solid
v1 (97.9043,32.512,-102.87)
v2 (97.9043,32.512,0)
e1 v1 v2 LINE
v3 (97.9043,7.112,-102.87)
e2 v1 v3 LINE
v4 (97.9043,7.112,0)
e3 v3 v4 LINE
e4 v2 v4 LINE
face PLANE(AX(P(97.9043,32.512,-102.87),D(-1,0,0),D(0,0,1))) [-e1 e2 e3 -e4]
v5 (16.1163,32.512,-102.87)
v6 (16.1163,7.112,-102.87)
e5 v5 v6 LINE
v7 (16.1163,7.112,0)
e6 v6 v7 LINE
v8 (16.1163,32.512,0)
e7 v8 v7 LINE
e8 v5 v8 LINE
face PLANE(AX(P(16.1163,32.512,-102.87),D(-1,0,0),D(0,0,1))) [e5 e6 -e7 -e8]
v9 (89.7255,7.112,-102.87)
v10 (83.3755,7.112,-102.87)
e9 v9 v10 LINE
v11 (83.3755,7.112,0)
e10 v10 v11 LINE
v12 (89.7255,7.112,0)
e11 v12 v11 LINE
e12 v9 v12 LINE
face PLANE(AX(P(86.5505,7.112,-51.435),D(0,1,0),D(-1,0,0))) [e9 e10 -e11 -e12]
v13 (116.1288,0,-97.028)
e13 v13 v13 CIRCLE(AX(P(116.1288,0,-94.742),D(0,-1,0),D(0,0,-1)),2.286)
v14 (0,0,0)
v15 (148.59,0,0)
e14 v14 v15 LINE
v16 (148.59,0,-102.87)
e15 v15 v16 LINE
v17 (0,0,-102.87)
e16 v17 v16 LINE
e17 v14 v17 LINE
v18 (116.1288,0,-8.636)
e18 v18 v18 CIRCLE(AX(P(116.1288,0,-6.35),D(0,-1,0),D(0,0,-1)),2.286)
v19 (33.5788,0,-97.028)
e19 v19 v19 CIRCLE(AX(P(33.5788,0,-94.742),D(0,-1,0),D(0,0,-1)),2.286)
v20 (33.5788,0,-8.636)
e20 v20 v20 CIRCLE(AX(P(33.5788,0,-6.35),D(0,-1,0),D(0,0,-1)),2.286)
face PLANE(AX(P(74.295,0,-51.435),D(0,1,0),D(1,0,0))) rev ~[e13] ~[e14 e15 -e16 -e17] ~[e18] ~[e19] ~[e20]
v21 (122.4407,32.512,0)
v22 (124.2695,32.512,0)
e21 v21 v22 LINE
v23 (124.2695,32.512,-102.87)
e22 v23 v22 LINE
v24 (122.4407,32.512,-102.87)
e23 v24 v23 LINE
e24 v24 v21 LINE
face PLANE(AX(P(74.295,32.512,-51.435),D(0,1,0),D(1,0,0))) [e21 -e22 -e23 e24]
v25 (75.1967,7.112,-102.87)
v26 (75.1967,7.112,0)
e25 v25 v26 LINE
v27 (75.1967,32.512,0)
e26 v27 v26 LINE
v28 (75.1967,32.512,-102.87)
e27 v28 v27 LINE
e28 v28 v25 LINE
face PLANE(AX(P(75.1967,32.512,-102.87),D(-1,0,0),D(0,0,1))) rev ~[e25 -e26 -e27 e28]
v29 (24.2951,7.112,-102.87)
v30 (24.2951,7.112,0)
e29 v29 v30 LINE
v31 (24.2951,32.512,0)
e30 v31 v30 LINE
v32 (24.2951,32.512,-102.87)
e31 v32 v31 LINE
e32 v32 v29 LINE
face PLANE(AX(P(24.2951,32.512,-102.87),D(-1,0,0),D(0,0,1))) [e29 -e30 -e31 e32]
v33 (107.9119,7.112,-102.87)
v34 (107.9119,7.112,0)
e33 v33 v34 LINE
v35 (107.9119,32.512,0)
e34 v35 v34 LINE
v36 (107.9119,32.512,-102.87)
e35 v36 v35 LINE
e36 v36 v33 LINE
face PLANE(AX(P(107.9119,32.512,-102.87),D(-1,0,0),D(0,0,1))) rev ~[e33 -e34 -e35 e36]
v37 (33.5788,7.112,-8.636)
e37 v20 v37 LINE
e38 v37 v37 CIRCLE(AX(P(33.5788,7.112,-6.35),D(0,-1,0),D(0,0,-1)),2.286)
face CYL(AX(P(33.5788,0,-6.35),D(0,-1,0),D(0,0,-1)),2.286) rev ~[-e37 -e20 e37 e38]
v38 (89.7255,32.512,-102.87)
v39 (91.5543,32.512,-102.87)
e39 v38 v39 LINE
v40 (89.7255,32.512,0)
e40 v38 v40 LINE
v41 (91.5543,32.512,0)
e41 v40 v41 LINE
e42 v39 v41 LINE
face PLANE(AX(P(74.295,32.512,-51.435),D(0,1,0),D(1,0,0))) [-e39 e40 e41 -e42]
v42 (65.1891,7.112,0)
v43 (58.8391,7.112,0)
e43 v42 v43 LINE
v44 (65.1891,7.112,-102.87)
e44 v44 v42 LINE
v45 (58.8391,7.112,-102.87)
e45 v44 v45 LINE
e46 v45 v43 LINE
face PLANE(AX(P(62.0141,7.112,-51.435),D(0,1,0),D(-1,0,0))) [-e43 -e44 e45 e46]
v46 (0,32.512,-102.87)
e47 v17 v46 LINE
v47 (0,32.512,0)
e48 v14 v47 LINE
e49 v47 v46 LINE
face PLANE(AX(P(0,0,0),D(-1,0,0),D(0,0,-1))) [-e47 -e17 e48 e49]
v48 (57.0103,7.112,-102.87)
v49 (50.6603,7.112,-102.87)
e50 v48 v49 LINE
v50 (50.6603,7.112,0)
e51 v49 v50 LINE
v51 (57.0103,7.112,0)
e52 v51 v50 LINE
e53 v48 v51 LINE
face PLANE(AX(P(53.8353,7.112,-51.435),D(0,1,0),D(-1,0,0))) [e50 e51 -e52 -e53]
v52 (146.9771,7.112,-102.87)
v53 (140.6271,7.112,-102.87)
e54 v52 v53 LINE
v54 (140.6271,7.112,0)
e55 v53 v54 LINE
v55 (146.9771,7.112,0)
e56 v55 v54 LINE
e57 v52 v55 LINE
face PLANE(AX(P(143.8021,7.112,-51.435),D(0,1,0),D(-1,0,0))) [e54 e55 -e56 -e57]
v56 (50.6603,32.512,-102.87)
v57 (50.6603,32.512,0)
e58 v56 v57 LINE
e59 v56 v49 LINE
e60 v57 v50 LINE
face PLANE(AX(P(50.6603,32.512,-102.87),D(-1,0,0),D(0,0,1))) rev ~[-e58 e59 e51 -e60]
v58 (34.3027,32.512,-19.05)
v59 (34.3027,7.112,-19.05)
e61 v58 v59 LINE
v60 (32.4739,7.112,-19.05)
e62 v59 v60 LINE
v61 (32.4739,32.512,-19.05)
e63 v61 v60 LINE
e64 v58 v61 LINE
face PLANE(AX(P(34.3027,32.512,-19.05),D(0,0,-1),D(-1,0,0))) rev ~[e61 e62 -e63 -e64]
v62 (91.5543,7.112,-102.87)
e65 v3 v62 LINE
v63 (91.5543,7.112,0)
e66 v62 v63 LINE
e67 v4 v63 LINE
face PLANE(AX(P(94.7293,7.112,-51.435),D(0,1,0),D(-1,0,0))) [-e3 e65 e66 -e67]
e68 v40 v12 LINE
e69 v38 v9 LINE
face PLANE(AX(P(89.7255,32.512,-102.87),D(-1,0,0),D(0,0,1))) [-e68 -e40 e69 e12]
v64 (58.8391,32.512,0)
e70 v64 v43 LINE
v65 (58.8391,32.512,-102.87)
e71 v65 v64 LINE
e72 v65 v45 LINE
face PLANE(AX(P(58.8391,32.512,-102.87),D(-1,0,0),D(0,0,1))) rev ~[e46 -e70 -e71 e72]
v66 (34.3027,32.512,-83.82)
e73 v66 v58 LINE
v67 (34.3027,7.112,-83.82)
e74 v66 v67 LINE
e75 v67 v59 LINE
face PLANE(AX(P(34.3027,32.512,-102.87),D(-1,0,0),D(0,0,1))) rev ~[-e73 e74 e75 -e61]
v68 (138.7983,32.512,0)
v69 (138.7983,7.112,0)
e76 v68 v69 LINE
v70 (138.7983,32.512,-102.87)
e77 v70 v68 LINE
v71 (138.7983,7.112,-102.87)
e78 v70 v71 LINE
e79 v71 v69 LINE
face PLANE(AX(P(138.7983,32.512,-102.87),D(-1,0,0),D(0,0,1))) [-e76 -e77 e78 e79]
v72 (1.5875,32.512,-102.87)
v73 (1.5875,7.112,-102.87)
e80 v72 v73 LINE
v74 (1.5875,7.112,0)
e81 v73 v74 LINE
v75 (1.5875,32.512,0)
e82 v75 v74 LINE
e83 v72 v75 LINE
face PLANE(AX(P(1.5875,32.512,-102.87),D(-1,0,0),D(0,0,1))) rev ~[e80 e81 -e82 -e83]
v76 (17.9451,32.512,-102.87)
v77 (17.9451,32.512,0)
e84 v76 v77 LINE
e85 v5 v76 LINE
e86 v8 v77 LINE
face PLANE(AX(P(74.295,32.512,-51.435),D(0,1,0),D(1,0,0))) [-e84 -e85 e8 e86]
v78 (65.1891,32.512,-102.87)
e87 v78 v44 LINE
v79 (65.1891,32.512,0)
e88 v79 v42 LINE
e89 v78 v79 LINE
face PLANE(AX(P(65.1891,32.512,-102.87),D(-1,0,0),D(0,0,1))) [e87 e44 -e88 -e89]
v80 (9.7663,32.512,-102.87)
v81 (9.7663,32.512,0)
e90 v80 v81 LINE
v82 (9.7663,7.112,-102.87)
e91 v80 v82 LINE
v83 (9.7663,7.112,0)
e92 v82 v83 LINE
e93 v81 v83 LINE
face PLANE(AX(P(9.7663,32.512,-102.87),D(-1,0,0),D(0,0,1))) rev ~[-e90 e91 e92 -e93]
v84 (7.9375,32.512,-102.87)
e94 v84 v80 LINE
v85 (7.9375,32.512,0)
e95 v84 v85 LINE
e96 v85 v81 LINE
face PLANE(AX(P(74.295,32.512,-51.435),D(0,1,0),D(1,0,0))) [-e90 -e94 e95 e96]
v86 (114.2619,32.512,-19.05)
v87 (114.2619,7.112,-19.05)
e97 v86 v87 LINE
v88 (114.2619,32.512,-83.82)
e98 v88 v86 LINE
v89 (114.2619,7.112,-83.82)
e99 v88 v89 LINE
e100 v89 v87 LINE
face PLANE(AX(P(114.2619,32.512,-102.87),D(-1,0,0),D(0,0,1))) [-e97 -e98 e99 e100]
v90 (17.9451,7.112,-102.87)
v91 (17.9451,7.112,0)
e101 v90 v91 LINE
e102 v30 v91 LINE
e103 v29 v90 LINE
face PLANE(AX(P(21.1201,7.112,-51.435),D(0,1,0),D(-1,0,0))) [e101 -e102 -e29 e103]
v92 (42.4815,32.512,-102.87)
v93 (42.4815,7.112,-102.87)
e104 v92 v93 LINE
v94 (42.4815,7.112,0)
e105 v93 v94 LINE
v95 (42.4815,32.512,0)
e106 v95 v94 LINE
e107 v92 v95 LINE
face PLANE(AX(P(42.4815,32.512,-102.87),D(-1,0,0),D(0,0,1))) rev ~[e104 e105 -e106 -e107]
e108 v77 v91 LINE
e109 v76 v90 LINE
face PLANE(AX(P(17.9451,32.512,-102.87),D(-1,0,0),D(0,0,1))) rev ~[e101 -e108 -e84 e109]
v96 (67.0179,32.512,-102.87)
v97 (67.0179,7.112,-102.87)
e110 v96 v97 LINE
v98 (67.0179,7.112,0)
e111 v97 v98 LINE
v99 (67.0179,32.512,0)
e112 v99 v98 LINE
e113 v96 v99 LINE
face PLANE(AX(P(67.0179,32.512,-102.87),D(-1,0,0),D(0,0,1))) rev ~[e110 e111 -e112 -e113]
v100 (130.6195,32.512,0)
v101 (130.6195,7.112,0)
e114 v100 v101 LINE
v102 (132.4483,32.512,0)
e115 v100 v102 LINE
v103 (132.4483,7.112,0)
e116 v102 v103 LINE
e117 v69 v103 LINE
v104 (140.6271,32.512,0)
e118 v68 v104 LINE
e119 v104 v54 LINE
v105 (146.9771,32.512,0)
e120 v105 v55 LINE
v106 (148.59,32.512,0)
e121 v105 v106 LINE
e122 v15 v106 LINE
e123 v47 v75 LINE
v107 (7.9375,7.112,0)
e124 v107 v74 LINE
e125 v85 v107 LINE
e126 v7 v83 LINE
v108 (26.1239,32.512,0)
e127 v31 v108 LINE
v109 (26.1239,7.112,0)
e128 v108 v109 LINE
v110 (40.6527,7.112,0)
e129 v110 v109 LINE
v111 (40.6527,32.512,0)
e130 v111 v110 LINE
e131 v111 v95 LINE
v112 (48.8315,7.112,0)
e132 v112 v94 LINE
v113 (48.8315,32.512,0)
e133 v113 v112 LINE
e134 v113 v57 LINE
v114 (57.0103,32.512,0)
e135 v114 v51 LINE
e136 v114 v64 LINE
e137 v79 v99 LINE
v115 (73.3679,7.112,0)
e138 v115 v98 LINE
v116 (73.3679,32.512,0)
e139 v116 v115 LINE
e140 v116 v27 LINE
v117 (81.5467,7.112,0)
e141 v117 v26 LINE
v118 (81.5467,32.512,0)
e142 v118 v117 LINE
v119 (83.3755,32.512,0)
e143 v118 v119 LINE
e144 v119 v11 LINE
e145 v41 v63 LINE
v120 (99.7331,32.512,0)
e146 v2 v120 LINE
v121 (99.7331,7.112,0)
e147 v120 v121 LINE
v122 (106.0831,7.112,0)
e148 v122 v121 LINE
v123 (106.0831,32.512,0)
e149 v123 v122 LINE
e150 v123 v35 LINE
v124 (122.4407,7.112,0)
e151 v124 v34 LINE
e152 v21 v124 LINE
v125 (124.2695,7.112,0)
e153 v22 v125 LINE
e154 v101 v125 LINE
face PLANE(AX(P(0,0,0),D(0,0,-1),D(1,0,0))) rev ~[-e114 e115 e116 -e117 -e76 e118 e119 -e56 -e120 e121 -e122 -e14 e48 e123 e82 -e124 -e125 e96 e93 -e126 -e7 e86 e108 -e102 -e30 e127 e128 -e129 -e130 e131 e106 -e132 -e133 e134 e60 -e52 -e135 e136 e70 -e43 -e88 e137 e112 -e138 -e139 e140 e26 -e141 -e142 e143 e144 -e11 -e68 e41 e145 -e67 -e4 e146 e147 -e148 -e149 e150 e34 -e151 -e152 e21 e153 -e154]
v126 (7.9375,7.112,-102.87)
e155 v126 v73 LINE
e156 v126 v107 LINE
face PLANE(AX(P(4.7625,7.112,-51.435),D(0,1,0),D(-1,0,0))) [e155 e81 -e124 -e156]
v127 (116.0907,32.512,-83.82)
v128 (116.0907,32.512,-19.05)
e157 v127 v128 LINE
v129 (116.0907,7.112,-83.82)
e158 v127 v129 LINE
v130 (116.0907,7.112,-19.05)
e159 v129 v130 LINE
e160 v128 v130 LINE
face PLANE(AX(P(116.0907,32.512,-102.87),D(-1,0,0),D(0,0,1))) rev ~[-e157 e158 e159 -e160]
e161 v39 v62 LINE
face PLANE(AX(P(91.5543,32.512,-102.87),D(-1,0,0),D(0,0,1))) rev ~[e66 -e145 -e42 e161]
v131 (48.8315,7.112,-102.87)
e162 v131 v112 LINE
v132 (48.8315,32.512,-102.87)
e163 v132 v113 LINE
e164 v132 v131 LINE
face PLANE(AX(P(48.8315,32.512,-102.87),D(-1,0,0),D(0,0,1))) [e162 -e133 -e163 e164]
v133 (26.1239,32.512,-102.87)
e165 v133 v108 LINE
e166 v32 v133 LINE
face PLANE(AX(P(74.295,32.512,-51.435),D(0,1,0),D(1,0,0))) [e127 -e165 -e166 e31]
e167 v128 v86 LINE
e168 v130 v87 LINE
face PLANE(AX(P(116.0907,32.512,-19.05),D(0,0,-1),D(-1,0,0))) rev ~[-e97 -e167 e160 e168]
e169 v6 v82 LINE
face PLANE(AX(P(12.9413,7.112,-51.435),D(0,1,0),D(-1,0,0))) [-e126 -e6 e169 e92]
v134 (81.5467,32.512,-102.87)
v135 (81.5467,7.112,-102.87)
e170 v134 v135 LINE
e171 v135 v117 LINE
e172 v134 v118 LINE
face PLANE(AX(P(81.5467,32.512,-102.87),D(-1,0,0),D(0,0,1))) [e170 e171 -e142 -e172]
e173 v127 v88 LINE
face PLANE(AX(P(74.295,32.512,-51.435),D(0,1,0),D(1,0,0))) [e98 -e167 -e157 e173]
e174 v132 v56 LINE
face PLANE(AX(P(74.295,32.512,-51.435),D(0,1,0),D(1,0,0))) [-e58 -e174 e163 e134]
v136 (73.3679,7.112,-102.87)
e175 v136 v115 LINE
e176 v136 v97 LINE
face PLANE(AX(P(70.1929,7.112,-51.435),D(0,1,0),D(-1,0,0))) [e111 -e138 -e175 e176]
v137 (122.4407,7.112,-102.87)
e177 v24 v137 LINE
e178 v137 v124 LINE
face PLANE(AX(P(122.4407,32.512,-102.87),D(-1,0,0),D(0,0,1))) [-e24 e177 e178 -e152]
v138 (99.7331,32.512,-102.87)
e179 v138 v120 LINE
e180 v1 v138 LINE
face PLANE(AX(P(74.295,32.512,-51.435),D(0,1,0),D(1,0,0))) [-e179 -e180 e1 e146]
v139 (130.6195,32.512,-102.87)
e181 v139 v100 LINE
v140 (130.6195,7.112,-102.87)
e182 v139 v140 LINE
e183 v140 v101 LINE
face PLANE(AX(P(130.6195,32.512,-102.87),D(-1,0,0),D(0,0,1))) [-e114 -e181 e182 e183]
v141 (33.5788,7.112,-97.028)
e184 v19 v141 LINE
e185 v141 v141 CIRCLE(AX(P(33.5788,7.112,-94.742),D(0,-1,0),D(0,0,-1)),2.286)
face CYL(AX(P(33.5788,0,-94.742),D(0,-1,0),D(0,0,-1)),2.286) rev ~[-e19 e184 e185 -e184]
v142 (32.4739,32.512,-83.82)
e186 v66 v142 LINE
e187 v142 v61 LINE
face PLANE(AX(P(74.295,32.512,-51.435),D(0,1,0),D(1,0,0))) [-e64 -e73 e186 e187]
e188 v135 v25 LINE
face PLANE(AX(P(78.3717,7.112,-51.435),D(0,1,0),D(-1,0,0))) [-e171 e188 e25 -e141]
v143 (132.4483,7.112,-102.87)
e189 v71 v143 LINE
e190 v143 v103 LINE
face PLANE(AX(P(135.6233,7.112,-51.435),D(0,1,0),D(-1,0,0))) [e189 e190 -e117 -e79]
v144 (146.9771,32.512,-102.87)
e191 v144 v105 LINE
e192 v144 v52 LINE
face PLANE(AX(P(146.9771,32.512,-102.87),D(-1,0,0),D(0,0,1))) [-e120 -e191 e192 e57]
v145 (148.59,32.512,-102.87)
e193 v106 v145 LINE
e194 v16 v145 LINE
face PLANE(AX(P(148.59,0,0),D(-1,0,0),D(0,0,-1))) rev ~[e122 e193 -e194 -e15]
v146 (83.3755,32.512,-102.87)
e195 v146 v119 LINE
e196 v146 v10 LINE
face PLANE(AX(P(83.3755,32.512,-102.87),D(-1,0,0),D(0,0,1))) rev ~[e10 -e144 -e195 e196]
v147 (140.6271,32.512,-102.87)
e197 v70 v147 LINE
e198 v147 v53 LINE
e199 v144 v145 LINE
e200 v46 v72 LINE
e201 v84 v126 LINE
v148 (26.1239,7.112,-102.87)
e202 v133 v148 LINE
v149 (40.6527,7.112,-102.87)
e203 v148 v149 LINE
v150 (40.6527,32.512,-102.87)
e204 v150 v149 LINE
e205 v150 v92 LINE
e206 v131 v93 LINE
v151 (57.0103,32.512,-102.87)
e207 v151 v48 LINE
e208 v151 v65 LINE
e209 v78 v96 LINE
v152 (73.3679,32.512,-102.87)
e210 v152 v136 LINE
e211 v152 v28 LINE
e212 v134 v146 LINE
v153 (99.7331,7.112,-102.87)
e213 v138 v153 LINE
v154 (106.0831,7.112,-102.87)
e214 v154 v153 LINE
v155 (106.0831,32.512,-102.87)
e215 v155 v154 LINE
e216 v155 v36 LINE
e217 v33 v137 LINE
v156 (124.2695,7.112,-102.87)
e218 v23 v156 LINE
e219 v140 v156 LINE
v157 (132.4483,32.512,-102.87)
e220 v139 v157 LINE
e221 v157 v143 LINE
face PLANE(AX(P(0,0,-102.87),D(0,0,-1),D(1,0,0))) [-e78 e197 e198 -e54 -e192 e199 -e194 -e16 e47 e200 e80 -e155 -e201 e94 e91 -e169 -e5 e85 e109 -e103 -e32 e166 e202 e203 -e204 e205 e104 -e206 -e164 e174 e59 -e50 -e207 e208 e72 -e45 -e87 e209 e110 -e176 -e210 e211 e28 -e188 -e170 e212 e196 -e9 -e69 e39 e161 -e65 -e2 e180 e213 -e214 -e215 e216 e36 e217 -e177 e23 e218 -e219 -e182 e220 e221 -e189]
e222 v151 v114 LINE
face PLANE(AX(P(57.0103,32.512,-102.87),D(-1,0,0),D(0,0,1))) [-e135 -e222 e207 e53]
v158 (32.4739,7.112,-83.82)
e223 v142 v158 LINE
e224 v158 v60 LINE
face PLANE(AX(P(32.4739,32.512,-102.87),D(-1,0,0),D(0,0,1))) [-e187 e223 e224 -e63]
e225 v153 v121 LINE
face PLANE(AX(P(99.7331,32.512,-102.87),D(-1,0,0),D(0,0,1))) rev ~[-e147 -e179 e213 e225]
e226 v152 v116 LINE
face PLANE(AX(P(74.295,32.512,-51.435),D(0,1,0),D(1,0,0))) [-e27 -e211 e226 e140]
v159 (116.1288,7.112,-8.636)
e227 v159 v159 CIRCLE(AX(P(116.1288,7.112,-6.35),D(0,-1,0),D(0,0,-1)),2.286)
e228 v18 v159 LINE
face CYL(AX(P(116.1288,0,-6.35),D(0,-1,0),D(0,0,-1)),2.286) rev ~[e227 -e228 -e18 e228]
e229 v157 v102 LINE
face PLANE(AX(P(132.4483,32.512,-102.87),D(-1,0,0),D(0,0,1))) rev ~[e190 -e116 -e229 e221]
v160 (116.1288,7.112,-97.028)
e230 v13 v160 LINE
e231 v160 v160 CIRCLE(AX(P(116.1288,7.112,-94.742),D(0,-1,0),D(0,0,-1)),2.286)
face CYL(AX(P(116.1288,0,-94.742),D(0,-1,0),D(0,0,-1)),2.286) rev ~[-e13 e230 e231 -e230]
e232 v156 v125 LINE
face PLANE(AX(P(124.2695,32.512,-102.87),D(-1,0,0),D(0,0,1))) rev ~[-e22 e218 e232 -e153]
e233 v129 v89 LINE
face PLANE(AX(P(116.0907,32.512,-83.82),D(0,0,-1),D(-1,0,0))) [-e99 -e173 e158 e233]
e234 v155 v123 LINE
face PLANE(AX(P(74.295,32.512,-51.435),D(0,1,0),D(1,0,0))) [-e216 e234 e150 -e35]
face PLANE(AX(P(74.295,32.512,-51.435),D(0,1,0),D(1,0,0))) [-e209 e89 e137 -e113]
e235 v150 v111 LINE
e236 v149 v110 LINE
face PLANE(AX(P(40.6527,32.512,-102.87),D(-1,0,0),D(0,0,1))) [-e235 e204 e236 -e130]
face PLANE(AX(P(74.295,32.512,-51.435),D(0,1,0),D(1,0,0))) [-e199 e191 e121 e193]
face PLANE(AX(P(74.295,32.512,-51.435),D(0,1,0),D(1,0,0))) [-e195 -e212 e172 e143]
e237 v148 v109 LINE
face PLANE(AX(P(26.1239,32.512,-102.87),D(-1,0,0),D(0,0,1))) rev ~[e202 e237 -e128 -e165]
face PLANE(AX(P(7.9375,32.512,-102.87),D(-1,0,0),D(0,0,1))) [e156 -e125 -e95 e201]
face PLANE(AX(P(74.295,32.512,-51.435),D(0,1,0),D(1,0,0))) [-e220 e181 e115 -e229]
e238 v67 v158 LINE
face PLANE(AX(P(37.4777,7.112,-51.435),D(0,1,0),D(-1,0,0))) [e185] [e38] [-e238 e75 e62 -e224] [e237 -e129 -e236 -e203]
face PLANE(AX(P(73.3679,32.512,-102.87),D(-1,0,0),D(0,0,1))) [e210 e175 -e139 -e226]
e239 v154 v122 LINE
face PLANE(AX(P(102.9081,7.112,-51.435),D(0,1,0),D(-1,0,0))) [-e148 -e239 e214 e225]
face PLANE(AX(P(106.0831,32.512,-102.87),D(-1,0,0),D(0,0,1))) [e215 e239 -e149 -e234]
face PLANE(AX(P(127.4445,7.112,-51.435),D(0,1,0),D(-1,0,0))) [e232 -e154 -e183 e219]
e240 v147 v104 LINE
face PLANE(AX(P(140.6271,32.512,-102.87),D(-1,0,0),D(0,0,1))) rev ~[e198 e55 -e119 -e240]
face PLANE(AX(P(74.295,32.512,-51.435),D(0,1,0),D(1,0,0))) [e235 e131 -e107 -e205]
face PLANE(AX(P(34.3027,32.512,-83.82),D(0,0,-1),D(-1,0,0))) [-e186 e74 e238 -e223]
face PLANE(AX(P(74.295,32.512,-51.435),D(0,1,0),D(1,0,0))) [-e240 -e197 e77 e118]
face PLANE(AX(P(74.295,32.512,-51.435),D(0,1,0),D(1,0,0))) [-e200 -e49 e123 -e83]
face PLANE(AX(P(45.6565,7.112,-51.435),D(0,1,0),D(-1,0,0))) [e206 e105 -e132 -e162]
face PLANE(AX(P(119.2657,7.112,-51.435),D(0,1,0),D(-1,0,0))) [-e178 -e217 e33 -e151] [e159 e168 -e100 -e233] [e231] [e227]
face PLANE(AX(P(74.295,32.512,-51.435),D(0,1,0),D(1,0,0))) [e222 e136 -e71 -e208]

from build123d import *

# Parameters (mm, degrees)
SKETCH1_W          = 148.59
SKETCH1_H          = 102.87
EXTRUDE1_DEPTH     = 32.512
SKETCH2_W          = 6.35
SKETCH2_H          = 102.87
CUT_EXTRUDE1_DEPTH = 25.4
LPATTERN1_COUNT    = 18
LPATTERN1_PITCH    = 8.1788
SKETCH3_R          = 2.286
CUT_EXTRUDE2_DEPTH = 78.74
SKETCH4_W          = 1.8288
SKETCH4_H          = 19.05
CUT_EXTRUDE3_DEPTH = 25.4


with BuildPart() as part:
    # Sketch1 → Extrude1 (new body)
    with BuildSketch(Plane(origin=(0, 0, 0), x_dir=(1, 0, 0), z_dir=(0, 1, 0))):
        with Locations((74.295, 51.435)):
            Rectangle(SKETCH1_W, SKETCH1_H)
    extrude(amount=EXTRUDE1_DEPTH)

    # Sketch2 → Cut-Extrude1 (cut)
    with BuildSketch(Plane(origin=(0, 32.512, 0), x_dir=(-1, 0, 0), z_dir=(0, 1, 0))):
        with Locations((-4.7625, -51.435)):
            Rectangle(SKETCH2_W, SKETCH2_H)
    cut_extrude1 = extrude(amount=-CUT_EXTRUDE1_DEPTH, mode=Mode.SUBTRACT)

    # LPattern1: Cut-Extrude1 ×18
    with Locations(*[(i * LPATTERN1_PITCH, 0, 0) for i in range(1, LPATTERN1_COUNT)]):
        add(cut_extrude1, mode=Mode.SUBTRACT)

    # Sketch3 → Cut-Extrude2 (cut)
    with BuildSketch(Plane.XZ):
        with Locations(Location((33.5788, -6.35, 0), (0, 0, 270))):
            Circle(SKETCH3_R)
        with Locations(Location((33.5788, -94.742, 0), (0, 0, 270))):
            Circle(SKETCH3_R)
        with Locations(Location((116.1288, -6.35, 0), (0, 0, 270))):
            Circle(SKETCH3_R)
        with Locations(Location((116.1288, -94.742, 0), (0, 0, 270))):
            Circle(SKETCH3_R)
    extrude(amount=-CUT_EXTRUDE2_DEPTH, mode=Mode.SUBTRACT)

    # Sketch4 → Cut-Extrude3 (cut)
    with BuildSketch(Plane(origin=(0, 32.512, 0), x_dir=(-1, 0, 0), z_dir=(0, 1, 0))):
        with Locations((-33.3883, -93.345)):
            Rectangle(SKETCH4_W, SKETCH4_H)
        with Locations((-115.1763, -93.345)):
            Rectangle(SKETCH4_W, SKETCH4_H)
        with Locations((-33.3883, -9.525)):
            Rectangle(SKETCH4_W, SKETCH4_H)
        with Locations((-115.1763, -9.525)):
            Rectangle(SKETCH4_W, SKETCH4_H)
    extrude(amount=-CUT_EXTRUDE3_DEPTH, mode=Mode.SUBTRACT)


solid = part.part
